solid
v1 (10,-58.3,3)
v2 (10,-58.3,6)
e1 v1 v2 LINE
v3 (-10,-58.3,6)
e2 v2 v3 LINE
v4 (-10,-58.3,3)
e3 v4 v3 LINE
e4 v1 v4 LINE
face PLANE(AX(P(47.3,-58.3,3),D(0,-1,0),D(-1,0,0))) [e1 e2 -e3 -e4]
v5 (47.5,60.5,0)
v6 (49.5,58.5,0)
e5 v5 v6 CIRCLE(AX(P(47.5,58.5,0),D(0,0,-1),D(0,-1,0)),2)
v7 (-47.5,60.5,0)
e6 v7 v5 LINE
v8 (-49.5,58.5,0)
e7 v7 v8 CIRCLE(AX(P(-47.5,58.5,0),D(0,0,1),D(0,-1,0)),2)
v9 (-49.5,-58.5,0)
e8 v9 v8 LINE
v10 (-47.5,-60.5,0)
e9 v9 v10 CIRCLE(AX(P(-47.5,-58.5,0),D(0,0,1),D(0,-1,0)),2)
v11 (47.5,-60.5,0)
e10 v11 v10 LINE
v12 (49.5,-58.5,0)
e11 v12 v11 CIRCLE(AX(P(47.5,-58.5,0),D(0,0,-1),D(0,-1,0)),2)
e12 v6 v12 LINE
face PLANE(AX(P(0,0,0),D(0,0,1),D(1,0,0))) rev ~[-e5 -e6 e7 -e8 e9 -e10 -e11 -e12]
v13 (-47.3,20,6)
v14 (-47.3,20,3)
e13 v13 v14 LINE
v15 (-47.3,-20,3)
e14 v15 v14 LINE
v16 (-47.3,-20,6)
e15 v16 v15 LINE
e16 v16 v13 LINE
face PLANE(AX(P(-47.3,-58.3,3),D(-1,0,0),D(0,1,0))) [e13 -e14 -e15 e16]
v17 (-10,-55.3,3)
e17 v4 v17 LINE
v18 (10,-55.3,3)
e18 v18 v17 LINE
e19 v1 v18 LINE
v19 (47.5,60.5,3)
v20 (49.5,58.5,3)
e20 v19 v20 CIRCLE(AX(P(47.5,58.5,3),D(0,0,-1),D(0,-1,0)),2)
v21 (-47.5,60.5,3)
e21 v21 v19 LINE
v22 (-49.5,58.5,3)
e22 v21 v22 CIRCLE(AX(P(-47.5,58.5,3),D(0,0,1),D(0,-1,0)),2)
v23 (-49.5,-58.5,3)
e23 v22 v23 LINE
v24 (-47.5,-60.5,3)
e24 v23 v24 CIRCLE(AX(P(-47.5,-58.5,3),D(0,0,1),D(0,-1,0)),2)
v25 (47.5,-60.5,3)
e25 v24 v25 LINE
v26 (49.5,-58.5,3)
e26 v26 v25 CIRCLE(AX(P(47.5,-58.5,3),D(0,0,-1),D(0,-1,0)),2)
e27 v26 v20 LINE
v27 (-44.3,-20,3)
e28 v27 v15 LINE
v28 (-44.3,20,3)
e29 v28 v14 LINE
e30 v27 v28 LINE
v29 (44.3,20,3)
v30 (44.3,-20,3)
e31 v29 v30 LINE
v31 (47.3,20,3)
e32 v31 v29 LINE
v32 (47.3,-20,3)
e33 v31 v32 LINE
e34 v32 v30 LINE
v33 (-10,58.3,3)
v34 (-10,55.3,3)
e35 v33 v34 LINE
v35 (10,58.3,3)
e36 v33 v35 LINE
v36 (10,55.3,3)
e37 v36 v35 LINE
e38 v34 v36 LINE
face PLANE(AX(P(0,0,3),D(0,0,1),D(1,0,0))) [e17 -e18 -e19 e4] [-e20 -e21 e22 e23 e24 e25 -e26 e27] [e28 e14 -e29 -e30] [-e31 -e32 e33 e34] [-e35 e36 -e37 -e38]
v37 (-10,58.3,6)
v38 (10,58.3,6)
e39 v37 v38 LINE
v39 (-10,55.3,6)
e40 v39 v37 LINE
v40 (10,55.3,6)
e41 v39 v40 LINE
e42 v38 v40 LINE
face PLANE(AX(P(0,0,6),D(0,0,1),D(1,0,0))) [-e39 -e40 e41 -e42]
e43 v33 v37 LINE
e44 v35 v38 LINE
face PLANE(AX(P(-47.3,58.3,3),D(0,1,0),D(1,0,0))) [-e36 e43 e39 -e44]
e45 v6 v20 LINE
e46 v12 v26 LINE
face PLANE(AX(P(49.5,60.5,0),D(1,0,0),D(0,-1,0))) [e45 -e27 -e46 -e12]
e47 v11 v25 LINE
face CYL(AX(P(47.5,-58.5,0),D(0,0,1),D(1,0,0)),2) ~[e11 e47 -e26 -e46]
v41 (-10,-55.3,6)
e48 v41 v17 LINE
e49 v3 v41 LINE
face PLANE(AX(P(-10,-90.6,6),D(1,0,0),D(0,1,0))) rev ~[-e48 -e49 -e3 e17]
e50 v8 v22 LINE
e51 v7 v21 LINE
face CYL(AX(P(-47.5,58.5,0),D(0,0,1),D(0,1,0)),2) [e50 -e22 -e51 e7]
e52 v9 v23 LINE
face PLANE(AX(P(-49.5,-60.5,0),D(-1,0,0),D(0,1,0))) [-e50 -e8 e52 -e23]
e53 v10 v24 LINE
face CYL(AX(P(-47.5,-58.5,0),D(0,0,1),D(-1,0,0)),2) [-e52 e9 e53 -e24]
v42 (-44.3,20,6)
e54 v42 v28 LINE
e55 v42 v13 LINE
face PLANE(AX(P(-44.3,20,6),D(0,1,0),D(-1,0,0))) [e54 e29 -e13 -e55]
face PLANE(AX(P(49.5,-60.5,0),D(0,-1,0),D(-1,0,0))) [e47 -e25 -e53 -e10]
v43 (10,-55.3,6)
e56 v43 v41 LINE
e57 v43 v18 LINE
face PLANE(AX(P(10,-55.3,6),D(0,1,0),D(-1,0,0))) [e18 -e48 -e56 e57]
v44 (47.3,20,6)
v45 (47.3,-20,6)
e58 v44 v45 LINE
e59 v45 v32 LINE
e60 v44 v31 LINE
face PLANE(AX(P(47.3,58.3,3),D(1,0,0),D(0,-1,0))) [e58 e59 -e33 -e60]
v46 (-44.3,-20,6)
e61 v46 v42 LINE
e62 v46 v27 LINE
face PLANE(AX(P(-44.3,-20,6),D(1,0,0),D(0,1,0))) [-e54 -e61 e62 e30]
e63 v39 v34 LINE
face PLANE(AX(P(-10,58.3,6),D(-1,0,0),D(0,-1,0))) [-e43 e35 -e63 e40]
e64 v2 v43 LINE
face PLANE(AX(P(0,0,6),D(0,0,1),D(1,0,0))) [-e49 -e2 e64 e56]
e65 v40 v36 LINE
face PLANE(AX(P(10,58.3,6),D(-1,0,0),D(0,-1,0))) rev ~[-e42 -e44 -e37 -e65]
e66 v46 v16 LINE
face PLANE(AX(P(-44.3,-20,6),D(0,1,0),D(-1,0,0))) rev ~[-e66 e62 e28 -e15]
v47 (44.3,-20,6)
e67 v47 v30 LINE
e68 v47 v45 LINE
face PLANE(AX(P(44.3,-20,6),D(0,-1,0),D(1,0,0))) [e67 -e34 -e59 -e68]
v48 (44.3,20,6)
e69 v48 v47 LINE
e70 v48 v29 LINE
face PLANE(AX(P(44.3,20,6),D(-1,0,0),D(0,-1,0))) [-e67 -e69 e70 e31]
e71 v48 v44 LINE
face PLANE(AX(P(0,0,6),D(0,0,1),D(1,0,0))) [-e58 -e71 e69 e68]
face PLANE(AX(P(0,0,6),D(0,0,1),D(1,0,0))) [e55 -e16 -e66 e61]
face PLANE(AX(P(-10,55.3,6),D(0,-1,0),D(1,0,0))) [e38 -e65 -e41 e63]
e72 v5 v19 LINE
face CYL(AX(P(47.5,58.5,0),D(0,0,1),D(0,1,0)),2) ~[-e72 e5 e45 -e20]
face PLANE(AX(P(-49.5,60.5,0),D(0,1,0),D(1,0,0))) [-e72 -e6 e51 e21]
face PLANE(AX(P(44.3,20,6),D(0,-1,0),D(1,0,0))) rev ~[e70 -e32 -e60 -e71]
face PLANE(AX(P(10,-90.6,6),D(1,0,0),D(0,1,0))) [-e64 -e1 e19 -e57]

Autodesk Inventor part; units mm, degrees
ref_plane "YZ Plane" through (0, 0, 0) normal (1, 0, 0) x (0, 1, 0)
ref_plane "XZ Plane" through (0, 0, 0) normal (0, 1, 0) x (-1, 0, 0)
ref_plane "XY Plane" through (0, 0, 0) normal (0, 0, 1) x (1, 0, 0)
sketch "Sketch1" plane through (0, 0, 0) normal (0, 0, 1) x (1, 0, 0)
  line L0 (-49.5, 60.5) -> (49.5, 60.5)
  line L1 (49.5, 60.5) -> (49.5, -60.5)
  line L2 (49.5, -60.5) -> (-49.5, -60.5)
  line L3 (-49.5, -60.5) -> (-49.5, 60.5)
  line L4 (-49.5, 60.5) -> (49.5, -60.5) construction
  line L5 (49.5, 60.5) -> (-49.5, -60.5) construction
  point P0 (0, 0)
  dimension "d0" = 99
  dimension "d1" = 121
extrude "Extrusion1" add sketch "Sketch1" along normal blind 3
sketch "Sketch2" plane through (0, 0, 3) normal (0, 0, 1) x (1, 0, 0)
  line L0 (-47.3, 58.3) -> (47.3, 58.3)
  line L1 (47.3, 58.3) -> (47.3, -58.3)
  line L2 (47.3, -58.3) -> (-47.3, -58.3)
  line L3 (-47.3, -58.3) -> (-47.3, 58.3)
  line L4 (-47.3, 58.3) -> (47.3, -58.3) construction
  line L5 (47.3, 58.3) -> (-47.3, -58.3) construction
  point P0 (0, 0)
  dimension "d4" = 116.6
  dimension "d5" = 94.6
extrude "Extrusion2" add sketch "Sketch2" along normal blind 3
fillet "Fillet1" radius 2 4 edges at (49.5, 60.5, 1.5) (-49.5, 60.5, 1.5) (49.5, -60.5, 1.5) (-49.5, -60.5, 1.5)
sketch "Sketch5" plane through (0, 0, 6) normal (0, 0, 1) x (1, 0, 0)
  line L0 (44.3, -55.3) -> (-44.3, -55.3)
  line L1 (-44.3, -55.3) -> (-44.3, 55.3)
  line L2 (-44.3, 55.3) -> (44.3, 55.3)
  line L3 (44.3, 55.3) -> (44.3, -55.3)
  line L4 (44.3, -55.3) -> (-44.3, 55.3) construction
  line L5 (-44.3, -55.3) -> (44.3, 55.3) construction
  line L6 (47.3, 58.3) -> (-47.3, 58.3) projected
  line L7 (47.3, -58.3) -> (47.3, 58.3) projected
  line L8 (-78.6, 90.6) -> (-10, 90.6)
  line L9 (-10, 90.6) -> (-10, 20)
  line L10 (-10, 20) -> (-78.6, 20)
  line L11 (-78.6, 20) -> (-78.6, 90.6)
  line L12 (-78.6, 90.6) -> (-10, 20) construction
  line L13 (-10, 90.6) -> (-78.6, 20) construction
  line L14 (78.6, 90.6) -> (10, 90.6)
  line L15 (10, 90.6) -> (10, 20)
  line L16 (10, 20) -> (78.6, 20)
  line L17 (78.6, 20) -> (78.6, 90.6)
  line L18 (78.6, 90.6) -> (10, 20) construction
  line L19 (10, 90.6) -> (78.6, 20) construction
  line L20 (10, -20) -> (78.6, -20)
  line L21 (78.6, -20) -> (78.6, -90.6)
  line L22 (78.6, -90.6) -> (10, -90.6)
  line L23 (10, -90.6) -> (10, -20)
  line L24 (10, -20) -> (78.6, -90.6) construction
  line L25 (78.6, -20) -> (10, -90.6) construction
  line L26 (-78.6, -90.6) -> (-10, -90.6)
  line L27 (-10, -90.6) -> (-10, -20)
  line L28 (-10, -20) -> (-78.6, -20)
  line L29 (-78.6, -20) -> (-78.6, -90.6)
  line L30 (-78.6, -90.6) -> (-10, -20) construction
  line L31 (-10, -90.6) -> (-78.6, -20) construction
  point P0 (0, 0)
  point P1 (-10, -55.3)
  point P2 (-44.3, -20)
  point P3 (44.3, -20)
  point P4 (10, -55.3)
  point P5 (-44.3, 20)
  point P6 (-10, 55.3)
  point P7 (10, 55.3)
  point P8 (44.3, 20)
  dimension "d23" = 3
  dimension "d24" = 3
  dimension "d27" = 20
  dimension "d28" = 40
extrude "Extrusion5" cut sketch "Sketch5" against normal up to surface (3 mm away) contours L3 L20 L21 L22 L23 L0 | L0 L23 L20 L3 | L0 L27 L28 L1 L10 L9 L2 L15 L16 L3 L20 L23 | L27 L26 L29 L28 L1 L0 | L0 L1 L28 L27 | L16 L15 L2 L3 | L3 L2 L15 L6 L7 L16 | L7 L6 L15 L14 L17 L16 | L10 L11 L8 L9 L2 L1 | L1 L2 L9 L10
equation "\"BendRadius\" = Thickness"
equation "\"BendReliefWidth\" = Thickness"
equation "\"BendReliefDepth\" = 0.5 * Thickness"
equation "\"CornerReliefSize\" = 4 * Thickness"
equation "\"MinimumRemnant\" = 2 * Thickness"
equation "\"TransitionRadius\" = BendRadius"
equation "\"JacobiRadiusSize\" = BendRadius"
equation "\"GapSize\" = Thickness"
equation "\"Thickness\" = 3.048"
properties part number "_3DPrint"
